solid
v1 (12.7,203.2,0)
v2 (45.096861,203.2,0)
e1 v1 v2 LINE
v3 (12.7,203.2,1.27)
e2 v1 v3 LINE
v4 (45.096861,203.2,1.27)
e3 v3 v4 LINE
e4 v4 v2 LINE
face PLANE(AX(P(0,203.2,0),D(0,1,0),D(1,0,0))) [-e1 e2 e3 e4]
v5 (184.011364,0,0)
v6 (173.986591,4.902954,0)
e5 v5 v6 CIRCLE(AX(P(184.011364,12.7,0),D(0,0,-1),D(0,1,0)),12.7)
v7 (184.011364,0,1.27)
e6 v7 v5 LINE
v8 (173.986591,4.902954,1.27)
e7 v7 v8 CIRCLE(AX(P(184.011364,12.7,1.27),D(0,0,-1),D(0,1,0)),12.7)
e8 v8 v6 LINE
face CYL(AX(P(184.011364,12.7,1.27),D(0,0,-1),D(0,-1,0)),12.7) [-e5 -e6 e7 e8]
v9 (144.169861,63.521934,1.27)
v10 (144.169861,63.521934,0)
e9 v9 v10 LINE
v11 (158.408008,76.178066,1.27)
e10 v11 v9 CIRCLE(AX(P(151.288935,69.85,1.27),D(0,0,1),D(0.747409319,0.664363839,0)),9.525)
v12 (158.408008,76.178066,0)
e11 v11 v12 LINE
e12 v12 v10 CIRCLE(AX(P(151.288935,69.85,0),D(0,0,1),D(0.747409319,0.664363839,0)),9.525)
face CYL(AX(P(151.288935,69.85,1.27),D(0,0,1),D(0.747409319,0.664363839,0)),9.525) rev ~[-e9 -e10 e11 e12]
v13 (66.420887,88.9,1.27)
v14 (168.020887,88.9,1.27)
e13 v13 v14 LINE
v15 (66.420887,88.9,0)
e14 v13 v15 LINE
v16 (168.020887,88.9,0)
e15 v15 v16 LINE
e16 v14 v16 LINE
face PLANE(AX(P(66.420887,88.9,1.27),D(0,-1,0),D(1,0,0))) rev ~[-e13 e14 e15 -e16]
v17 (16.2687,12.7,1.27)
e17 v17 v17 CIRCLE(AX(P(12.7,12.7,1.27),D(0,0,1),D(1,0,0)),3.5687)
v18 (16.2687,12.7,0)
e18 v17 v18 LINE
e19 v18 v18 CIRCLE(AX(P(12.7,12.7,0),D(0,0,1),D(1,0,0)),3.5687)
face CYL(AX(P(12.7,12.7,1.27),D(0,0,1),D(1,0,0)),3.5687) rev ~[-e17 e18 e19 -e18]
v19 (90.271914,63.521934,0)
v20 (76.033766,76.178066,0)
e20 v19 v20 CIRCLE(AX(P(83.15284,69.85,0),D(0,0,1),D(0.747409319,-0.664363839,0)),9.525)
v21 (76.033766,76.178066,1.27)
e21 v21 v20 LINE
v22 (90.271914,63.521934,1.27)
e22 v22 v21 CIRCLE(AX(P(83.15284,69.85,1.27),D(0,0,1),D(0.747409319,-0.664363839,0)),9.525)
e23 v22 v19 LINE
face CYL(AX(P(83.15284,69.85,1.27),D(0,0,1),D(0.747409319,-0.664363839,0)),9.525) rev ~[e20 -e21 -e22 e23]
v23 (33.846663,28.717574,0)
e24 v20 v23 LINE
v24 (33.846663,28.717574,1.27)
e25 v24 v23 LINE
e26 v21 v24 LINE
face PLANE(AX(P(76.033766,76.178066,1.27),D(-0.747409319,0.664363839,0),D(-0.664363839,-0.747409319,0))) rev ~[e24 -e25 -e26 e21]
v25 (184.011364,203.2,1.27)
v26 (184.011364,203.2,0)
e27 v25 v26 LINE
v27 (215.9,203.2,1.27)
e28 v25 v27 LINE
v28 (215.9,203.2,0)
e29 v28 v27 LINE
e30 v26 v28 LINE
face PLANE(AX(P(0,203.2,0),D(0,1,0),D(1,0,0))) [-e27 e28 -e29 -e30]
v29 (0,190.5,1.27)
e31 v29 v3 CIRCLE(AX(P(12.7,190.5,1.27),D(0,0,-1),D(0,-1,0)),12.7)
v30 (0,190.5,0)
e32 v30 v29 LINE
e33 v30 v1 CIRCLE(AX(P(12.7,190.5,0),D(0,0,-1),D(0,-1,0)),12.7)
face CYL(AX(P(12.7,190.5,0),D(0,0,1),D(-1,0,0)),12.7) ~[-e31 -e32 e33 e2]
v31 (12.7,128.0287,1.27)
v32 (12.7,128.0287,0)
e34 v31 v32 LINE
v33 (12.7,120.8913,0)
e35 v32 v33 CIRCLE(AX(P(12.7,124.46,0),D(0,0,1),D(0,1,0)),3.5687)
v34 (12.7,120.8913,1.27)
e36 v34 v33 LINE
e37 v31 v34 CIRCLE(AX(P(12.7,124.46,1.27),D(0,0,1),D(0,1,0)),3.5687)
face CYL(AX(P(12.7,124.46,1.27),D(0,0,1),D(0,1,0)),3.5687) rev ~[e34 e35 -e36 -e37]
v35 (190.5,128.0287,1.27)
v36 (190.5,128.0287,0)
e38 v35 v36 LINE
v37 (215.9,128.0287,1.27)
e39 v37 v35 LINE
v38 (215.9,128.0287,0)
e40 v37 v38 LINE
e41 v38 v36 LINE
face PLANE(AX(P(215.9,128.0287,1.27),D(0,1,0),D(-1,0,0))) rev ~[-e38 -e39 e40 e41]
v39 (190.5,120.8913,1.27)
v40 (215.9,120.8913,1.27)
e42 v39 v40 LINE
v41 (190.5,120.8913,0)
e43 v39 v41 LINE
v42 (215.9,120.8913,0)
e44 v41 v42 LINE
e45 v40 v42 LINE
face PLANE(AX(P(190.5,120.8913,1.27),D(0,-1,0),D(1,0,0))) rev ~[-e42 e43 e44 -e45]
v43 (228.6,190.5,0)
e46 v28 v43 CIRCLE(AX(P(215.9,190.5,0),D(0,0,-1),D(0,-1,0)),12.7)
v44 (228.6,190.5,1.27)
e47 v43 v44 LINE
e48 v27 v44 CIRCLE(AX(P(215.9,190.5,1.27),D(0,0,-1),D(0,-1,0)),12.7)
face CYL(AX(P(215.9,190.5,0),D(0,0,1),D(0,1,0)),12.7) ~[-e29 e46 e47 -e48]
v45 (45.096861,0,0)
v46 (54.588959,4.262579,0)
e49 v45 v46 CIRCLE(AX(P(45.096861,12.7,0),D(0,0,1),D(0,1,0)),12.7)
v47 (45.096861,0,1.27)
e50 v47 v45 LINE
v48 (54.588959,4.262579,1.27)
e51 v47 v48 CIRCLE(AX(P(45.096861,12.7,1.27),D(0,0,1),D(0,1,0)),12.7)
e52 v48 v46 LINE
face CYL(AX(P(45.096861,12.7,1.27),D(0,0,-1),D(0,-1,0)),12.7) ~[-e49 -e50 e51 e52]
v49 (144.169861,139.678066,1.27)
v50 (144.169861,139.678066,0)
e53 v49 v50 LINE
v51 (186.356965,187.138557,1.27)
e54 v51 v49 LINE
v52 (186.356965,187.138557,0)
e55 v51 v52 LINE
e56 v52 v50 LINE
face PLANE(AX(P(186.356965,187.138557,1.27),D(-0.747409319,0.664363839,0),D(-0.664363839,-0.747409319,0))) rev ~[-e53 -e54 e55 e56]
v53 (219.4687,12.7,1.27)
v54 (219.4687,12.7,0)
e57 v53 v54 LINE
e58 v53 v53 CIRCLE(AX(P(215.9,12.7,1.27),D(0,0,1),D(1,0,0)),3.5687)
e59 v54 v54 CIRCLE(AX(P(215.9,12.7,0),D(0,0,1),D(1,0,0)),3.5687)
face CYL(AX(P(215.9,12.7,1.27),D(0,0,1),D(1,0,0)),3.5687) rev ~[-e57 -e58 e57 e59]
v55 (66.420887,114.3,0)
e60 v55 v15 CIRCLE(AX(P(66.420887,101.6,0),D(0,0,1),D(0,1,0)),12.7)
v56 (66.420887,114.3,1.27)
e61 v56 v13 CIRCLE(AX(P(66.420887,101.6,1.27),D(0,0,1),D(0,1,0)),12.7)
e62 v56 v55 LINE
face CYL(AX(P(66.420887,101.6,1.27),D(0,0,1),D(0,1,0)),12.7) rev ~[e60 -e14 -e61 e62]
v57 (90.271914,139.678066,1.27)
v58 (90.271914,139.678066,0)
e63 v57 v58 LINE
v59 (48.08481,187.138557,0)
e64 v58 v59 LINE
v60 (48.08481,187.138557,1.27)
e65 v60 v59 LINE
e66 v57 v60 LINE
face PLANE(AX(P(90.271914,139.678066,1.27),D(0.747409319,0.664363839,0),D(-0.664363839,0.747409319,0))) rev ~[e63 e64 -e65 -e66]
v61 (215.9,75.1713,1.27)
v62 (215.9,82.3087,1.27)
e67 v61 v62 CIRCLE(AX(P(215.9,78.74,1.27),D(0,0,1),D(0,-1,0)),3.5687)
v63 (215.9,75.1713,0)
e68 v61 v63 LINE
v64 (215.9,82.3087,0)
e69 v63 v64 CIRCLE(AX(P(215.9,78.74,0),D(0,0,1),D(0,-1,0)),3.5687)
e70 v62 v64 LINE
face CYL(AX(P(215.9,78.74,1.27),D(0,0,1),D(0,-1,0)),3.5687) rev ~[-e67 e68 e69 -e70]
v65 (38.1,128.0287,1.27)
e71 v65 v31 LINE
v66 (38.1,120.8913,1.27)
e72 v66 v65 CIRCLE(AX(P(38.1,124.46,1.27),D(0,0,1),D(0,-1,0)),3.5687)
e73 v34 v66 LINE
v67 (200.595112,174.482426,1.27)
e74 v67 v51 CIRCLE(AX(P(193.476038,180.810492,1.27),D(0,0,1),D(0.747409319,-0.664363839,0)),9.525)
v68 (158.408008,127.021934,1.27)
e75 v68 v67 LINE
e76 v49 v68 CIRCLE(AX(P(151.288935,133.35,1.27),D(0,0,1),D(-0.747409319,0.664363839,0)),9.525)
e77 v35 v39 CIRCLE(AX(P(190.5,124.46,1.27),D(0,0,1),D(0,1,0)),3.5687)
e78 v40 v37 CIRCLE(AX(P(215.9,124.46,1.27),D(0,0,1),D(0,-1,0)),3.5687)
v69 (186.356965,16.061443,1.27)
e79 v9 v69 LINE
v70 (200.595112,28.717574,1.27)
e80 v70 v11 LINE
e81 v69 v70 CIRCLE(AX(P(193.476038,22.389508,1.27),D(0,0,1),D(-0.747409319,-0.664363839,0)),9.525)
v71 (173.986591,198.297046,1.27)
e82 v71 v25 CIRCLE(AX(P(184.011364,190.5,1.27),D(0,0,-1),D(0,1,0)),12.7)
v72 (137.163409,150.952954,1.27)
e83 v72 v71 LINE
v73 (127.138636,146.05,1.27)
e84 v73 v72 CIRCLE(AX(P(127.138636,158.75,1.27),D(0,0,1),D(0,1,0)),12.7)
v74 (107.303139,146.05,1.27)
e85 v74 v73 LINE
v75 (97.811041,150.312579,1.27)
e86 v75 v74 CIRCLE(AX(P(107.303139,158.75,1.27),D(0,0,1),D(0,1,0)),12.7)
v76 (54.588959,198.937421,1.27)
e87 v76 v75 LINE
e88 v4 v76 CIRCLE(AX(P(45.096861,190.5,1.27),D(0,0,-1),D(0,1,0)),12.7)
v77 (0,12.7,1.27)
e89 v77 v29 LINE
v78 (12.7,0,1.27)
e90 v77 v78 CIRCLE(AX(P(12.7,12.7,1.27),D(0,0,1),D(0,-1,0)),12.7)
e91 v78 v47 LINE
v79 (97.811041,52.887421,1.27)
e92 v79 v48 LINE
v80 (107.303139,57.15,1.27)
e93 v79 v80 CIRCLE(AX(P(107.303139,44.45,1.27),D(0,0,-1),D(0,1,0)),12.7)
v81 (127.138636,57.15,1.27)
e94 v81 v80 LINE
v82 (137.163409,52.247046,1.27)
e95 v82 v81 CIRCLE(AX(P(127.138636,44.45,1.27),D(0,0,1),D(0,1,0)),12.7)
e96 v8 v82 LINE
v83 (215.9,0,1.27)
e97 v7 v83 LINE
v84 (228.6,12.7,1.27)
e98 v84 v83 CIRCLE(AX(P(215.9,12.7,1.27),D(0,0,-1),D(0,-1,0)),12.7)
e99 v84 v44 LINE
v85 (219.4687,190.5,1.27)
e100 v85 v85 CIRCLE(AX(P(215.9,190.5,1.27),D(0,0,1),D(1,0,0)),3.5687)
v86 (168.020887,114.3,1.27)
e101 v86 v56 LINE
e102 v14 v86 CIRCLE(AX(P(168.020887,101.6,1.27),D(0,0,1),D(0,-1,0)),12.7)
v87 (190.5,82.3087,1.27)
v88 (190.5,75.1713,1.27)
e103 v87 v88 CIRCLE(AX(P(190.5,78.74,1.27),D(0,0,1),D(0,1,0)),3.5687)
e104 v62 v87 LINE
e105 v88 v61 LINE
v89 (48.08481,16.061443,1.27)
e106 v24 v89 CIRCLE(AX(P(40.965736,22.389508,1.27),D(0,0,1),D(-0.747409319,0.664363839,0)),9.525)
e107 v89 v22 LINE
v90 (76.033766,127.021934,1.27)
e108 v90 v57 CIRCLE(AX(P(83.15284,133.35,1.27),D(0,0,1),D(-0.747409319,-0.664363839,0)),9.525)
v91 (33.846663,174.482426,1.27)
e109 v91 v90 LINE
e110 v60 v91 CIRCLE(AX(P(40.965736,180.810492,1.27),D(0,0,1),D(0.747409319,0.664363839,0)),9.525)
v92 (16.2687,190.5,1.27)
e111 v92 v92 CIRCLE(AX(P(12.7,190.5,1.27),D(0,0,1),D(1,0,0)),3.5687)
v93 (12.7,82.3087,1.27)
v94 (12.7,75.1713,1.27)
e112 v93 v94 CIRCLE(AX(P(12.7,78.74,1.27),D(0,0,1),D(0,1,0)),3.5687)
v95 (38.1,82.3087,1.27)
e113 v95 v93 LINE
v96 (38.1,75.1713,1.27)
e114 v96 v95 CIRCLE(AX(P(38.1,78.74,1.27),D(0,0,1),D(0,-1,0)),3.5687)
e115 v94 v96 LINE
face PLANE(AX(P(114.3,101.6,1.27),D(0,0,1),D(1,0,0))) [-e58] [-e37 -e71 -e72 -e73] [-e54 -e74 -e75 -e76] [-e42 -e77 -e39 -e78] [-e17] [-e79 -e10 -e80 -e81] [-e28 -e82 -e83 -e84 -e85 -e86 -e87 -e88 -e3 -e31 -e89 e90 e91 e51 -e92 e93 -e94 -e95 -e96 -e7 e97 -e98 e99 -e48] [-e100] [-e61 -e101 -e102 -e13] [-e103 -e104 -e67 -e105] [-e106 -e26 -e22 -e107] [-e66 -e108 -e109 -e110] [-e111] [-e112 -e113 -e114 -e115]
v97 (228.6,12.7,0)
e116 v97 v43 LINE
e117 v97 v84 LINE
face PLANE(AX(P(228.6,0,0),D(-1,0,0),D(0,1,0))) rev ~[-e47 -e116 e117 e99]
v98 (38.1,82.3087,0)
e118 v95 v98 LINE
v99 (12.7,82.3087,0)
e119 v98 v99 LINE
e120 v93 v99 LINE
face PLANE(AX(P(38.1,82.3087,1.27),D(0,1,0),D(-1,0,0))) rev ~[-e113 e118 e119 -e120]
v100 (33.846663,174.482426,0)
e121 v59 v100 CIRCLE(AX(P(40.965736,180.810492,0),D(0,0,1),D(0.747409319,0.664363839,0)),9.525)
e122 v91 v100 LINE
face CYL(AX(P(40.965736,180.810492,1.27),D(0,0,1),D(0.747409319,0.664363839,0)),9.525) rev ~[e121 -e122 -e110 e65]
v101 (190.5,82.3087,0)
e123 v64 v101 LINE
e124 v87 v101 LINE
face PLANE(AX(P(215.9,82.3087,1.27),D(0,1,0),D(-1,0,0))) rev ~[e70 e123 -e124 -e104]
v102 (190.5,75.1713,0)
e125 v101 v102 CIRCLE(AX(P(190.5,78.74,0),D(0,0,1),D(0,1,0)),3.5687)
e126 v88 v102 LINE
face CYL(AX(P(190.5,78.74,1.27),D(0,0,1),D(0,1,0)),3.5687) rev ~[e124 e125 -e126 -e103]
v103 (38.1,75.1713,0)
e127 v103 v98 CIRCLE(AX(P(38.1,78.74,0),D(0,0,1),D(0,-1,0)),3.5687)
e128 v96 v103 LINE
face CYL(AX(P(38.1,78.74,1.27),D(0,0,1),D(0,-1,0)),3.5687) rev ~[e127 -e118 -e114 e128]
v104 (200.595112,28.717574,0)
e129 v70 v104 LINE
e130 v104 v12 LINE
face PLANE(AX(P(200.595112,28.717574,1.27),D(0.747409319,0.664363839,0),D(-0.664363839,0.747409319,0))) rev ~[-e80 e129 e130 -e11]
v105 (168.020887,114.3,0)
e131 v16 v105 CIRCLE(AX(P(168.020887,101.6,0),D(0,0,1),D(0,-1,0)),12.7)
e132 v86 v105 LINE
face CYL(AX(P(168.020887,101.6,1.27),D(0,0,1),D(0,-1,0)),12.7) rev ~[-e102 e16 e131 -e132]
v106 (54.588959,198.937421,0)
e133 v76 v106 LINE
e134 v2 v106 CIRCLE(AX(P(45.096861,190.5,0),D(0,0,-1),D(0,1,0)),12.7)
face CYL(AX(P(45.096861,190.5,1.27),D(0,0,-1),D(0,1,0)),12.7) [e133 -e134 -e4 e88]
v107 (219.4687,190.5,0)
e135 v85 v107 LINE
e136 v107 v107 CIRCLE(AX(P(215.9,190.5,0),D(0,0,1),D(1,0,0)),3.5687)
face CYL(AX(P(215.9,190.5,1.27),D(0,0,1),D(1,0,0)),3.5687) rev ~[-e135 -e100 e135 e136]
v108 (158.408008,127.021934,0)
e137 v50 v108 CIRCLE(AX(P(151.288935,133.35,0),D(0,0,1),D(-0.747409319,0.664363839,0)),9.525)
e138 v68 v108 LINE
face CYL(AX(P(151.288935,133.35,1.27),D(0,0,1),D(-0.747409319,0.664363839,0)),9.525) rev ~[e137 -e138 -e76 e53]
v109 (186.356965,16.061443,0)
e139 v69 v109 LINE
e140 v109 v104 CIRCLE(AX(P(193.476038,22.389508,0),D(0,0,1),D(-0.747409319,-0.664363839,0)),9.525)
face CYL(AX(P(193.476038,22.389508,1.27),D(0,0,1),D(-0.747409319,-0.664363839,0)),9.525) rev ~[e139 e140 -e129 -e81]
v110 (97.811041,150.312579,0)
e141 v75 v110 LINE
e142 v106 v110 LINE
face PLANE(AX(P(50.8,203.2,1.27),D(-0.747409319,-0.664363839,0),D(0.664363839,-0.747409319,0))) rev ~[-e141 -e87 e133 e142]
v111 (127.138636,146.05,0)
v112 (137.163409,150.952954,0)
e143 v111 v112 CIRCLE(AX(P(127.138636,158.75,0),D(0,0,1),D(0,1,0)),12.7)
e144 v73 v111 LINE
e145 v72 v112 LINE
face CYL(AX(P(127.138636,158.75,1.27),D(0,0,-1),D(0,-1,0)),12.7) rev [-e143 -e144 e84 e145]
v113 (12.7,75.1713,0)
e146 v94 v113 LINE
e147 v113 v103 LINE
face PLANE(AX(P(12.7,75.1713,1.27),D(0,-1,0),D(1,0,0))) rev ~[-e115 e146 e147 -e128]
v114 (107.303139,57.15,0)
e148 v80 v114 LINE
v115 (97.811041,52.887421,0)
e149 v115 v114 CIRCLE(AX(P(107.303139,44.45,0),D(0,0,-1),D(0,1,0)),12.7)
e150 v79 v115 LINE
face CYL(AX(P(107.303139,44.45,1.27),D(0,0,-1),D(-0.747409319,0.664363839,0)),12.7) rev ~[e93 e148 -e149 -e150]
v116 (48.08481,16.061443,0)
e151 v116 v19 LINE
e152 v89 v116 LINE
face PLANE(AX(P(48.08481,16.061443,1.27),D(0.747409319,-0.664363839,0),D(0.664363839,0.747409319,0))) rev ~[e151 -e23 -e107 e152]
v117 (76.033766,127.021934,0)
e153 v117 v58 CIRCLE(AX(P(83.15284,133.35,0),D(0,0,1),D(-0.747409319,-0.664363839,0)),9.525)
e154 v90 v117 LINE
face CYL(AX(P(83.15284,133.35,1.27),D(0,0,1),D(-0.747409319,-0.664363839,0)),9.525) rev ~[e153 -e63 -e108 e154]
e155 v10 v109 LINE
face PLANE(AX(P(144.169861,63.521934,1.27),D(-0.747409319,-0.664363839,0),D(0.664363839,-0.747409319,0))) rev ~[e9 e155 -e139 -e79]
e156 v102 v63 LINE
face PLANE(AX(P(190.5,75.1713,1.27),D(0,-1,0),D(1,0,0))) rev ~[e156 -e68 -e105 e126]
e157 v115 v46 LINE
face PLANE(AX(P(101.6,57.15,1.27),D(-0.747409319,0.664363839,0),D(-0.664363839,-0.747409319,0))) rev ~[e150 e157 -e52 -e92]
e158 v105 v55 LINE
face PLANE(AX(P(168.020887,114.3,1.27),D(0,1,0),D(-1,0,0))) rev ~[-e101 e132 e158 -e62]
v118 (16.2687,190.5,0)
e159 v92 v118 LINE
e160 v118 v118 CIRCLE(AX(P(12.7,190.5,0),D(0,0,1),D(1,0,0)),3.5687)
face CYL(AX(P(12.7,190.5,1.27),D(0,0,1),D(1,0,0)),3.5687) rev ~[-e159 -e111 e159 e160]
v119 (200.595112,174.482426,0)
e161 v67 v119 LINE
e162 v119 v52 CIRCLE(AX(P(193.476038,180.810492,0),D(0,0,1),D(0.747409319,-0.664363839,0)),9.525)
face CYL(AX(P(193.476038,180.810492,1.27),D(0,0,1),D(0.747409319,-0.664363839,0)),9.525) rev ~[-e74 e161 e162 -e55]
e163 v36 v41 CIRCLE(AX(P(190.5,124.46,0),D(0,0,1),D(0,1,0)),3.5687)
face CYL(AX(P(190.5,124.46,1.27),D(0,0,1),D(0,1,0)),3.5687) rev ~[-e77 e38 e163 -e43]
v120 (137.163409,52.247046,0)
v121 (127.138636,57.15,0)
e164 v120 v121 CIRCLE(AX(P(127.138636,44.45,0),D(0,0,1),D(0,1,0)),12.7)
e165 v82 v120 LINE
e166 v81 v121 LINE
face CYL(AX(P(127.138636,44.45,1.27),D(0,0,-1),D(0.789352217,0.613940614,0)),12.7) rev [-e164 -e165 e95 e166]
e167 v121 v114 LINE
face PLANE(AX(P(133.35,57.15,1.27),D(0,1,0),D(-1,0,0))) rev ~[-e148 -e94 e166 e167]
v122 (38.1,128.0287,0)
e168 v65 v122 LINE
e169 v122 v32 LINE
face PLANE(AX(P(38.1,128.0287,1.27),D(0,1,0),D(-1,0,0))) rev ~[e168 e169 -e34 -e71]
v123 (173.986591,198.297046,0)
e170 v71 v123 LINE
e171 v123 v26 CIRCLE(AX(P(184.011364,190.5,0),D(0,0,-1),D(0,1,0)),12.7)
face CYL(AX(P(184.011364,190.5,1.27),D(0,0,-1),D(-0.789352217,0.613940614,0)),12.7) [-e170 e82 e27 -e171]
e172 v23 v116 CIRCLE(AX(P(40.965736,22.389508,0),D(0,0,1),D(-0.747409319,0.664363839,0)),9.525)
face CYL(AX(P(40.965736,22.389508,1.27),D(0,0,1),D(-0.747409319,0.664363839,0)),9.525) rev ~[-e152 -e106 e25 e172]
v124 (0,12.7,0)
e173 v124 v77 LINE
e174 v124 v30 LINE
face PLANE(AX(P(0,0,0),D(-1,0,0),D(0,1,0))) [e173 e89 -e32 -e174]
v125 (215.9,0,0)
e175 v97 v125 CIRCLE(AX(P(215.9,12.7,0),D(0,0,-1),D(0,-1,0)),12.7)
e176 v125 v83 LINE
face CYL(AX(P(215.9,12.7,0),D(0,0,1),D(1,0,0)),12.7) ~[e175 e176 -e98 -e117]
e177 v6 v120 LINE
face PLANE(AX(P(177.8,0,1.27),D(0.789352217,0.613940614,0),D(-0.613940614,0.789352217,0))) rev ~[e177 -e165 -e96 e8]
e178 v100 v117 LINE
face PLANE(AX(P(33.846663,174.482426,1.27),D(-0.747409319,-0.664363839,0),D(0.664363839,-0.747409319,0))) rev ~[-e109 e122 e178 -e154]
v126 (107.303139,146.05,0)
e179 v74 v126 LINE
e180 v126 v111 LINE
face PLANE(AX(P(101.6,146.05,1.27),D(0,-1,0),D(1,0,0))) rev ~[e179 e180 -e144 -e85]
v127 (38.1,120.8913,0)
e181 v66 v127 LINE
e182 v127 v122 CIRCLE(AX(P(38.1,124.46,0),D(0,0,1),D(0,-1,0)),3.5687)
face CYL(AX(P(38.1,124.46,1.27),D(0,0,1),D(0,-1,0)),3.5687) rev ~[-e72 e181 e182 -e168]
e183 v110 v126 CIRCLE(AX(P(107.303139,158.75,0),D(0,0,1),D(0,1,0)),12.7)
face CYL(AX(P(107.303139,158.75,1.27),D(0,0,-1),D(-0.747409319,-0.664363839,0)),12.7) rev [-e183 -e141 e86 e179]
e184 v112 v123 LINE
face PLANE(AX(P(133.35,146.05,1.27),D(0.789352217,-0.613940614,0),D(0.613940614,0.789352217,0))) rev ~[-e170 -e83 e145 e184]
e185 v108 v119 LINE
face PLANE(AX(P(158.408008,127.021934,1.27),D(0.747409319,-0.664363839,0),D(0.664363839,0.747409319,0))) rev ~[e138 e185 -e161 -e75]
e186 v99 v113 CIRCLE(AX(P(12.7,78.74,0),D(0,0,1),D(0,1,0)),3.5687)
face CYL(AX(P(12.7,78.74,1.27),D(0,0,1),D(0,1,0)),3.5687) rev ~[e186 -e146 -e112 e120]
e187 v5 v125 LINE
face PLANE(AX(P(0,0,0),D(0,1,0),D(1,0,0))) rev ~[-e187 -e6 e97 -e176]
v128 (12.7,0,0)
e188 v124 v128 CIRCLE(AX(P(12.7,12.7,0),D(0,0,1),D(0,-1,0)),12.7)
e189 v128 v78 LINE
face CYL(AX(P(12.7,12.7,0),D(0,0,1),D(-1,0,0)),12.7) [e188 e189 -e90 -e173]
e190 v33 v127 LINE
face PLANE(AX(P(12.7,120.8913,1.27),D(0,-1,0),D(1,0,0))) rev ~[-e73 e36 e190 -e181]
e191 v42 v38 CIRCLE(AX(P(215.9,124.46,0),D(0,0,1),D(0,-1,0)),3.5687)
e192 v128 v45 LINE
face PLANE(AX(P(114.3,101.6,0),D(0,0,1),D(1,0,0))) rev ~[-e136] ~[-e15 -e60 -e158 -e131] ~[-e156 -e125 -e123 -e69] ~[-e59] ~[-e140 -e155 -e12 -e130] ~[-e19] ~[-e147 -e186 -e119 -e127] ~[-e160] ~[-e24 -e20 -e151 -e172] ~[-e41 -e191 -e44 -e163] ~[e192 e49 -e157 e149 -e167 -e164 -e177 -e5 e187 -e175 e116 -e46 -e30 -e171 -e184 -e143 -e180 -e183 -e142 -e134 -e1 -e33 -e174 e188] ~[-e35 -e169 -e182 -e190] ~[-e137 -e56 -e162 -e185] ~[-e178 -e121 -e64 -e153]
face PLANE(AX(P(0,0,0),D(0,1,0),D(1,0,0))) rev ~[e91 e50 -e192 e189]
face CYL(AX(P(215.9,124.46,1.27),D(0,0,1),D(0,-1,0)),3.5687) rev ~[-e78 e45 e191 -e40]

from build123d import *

# Parameters (mm, degrees)
F0_W     = 228.6
F0_H     = 203.2
F1_DEPTH = 1.27
F2_R     = 3.5687
F3_DEPTH = 1.271
F5_DEPTH = 25.4
F6_R     = 12.7
F8_DEPTH = 25.4


with BuildPart() as f1:
    # F0 (on Top) → F1 (new body)
    with BuildSketch(Plane.XY):
        with Locations((114.3, 101.6)):
            Rectangle(F0_W, F0_H)
    extrude(amount=F1_DEPTH)

    # F2 (on face) → F3 (cut, through all)
    with BuildSketch(Plane.XY.offset(1.27)):
        with BuildLine():
            Line((38.1, 128.0287), (12.7, 128.0287))
            ThreePointArc((12.7, 128.0287), (9.1313, 124.46), (12.7, 120.8913))
            Line((12.7, 120.8913), (38.1, 120.8913))
            ThreePointArc((38.1, 120.8913), (41.6687, 124.46), (38.1, 128.0287))
        make_face()
        with BuildLine():
            Line((215.9, 128.0287), (190.5, 128.0287))
            ThreePointArc((190.5, 128.0287), (186.9313, 124.46), (190.5, 120.8913))
            Line((190.5, 120.8913), (215.9, 120.8913))
            ThreePointArc((215.9, 120.8913), (219.4687, 124.46), (215.9, 128.0287))
        make_face()
        with BuildLine():
            Line((38.1, 82.3087), (12.7, 82.3087))
            ThreePointArc((12.7, 82.3087), (9.1313, 78.74), (12.7, 75.1713))
            Line((12.7, 75.1713), (38.1, 75.1713))
            ThreePointArc((38.1, 75.1713), (41.6687, 78.74), (38.1, 82.3087))
        make_face()
        with BuildLine():
            ThreePointArc((190.5, 82.3087), (186.9313, 78.74), (190.5, 75.1713))
            Line((190.5, 75.1713), (215.9, 75.1713))
            ThreePointArc((215.9, 75.1713), (219.4687, 78.74), (215.9, 82.3087))
            Line((215.9, 82.3087), (190.5, 82.3087))
        make_face()
        with Locations((12.7, 190.5)):
            Circle(F2_R)
        with Locations((215.9, 190.5)):
            Circle(F2_R)
        with Locations((12.7, 12.7)):
            Circle(F2_R)
        with Locations((215.9, 12.7)):
            Circle(F2_R)
    extrude(amount=-F3_DEPTH, mode=Mode.SUBTRACT)

    # F4 (on face) → F5 (cut)
    with BuildSketch(Plane.XY.offset(1.27)):
        Polygon((50.8, 203.2), (101.6, 146.05), (133.35, 146.05), (177.8, 203.2), align=None)
        Polygon((133.35, 57.15), (101.6, 57.15), (50.8, 0), (177.8, 0), align=None)
    extrude(amount=-F5_DEPTH, mode=Mode.SUBTRACT)

    # F6
    f6_edges = [f1.edges().sort_by_distance(p)[0] for p in [
        (50.8, 0, 0.635),
        (101.6, 57.15, 0.635),
        (0, 0, 0.635),
        (133.35, 57.15, 0.635),
        (177.8, 0, 0.635),
        (228.6, 0, 0.635),
        (228.6, 203.2, 0.635),
        (177.8, 203.2, 0.635),
        (133.35, 146.05, 0.635),
        (101.6, 146.05, 0.635),
        (50.8, 203.2, 0.635),
        (0, 203.2, 0.635),
    ]]
    fillet(f6_edges, radius=F6_R)

    # F7 (on face) → F8 (cut)
    with BuildSketch(Plane.XY.offset(1.27)):
        with BuildLine():
            Line((90.2719138145, 139.6780655649), (48.0848100488, 187.1385573013))
            ThreePointArc((48.0848100488, 187.1385573013), (34.6376707235, 187.9295654969), (33.8466625279, 174.4824261716))
            Line((33.8466625279, 174.4824261716), (76.0337662936, 127.0219344351))
            ThreePointArc((76.0337662936, 127.0219344351), (89.4809056189, 126.2309262395), (90.2719138145, 139.6780655649))
        make_face()
        with BuildLine():
            ThreePointArc((144.1698608703, 139.6780655649), (144.9608690659, 126.2309262395), (158.4080083912, 127.0219344351))
            Line((158.4080083912, 127.0219344351), (200.5951121569, 174.4824261716))
            ThreePointArc((200.5951121569, 174.4824261716), (199.8041039613, 187.9295654969), (186.356964636, 187.1385573013))
            Line((186.356964636, 187.1385573013), (144.1698608703, 139.6780655649))
        make_face()
        with BuildLine():
            ThreePointArc((90.2719138145, 63.5219344351), (89.4809056189, 76.9690737605), (76.0337662936, 76.1780655649))
            Line((76.0337662936, 76.1780655649), (33.8466625279, 28.7175738284))
            ThreePointArc((33.8466625279, 28.7175738284), (34.6376707235, 15.2704345031), (48.0848100488, 16.0614426987))
            Line((48.0848100488, 16.0614426987), (90.2719138145, 63.5219344351))
        make_face()
        with BuildLine():
            Line((200.5951121569, 28.7175738284), (158.4080083912, 76.1780655649))
            ThreePointArc((158.4080083912, 76.1780655649), (144.9608690659, 76.9690737605), (144.1698608703, 63.5219344351))
            Line((144.1698608703, 63.5219344351), (186.356964636, 16.0614426987))
            ThreePointArc((186.356964636, 16.0614426987), (199.8041039613, 15.2704345031), (200.5951121569, 28.7175738284))
        make_face()
        with BuildLine():
            ThreePointArc((66.4208873424, 114.3), (53.7208873424, 101.6), (66.4208873424, 88.9))
            Line((66.4208873424, 88.9), (117.2208873424, 88.9))
            Line((117.2208873424, 88.9), (168.0208873424, 88.9))
            ThreePointArc((168.0208873424, 88.9), (180.7208873424, 101.6), (168.0208873424, 114.3))
            Line((168.0208873424, 114.3), (117.2208873424, 114.3))
            Line((117.2208873424, 114.3), (66.4208873424, 114.3))
        make_face()
    extrude(amount=-F8_DEPTH, mode=Mode.SUBTRACT)


solid = f1.part
